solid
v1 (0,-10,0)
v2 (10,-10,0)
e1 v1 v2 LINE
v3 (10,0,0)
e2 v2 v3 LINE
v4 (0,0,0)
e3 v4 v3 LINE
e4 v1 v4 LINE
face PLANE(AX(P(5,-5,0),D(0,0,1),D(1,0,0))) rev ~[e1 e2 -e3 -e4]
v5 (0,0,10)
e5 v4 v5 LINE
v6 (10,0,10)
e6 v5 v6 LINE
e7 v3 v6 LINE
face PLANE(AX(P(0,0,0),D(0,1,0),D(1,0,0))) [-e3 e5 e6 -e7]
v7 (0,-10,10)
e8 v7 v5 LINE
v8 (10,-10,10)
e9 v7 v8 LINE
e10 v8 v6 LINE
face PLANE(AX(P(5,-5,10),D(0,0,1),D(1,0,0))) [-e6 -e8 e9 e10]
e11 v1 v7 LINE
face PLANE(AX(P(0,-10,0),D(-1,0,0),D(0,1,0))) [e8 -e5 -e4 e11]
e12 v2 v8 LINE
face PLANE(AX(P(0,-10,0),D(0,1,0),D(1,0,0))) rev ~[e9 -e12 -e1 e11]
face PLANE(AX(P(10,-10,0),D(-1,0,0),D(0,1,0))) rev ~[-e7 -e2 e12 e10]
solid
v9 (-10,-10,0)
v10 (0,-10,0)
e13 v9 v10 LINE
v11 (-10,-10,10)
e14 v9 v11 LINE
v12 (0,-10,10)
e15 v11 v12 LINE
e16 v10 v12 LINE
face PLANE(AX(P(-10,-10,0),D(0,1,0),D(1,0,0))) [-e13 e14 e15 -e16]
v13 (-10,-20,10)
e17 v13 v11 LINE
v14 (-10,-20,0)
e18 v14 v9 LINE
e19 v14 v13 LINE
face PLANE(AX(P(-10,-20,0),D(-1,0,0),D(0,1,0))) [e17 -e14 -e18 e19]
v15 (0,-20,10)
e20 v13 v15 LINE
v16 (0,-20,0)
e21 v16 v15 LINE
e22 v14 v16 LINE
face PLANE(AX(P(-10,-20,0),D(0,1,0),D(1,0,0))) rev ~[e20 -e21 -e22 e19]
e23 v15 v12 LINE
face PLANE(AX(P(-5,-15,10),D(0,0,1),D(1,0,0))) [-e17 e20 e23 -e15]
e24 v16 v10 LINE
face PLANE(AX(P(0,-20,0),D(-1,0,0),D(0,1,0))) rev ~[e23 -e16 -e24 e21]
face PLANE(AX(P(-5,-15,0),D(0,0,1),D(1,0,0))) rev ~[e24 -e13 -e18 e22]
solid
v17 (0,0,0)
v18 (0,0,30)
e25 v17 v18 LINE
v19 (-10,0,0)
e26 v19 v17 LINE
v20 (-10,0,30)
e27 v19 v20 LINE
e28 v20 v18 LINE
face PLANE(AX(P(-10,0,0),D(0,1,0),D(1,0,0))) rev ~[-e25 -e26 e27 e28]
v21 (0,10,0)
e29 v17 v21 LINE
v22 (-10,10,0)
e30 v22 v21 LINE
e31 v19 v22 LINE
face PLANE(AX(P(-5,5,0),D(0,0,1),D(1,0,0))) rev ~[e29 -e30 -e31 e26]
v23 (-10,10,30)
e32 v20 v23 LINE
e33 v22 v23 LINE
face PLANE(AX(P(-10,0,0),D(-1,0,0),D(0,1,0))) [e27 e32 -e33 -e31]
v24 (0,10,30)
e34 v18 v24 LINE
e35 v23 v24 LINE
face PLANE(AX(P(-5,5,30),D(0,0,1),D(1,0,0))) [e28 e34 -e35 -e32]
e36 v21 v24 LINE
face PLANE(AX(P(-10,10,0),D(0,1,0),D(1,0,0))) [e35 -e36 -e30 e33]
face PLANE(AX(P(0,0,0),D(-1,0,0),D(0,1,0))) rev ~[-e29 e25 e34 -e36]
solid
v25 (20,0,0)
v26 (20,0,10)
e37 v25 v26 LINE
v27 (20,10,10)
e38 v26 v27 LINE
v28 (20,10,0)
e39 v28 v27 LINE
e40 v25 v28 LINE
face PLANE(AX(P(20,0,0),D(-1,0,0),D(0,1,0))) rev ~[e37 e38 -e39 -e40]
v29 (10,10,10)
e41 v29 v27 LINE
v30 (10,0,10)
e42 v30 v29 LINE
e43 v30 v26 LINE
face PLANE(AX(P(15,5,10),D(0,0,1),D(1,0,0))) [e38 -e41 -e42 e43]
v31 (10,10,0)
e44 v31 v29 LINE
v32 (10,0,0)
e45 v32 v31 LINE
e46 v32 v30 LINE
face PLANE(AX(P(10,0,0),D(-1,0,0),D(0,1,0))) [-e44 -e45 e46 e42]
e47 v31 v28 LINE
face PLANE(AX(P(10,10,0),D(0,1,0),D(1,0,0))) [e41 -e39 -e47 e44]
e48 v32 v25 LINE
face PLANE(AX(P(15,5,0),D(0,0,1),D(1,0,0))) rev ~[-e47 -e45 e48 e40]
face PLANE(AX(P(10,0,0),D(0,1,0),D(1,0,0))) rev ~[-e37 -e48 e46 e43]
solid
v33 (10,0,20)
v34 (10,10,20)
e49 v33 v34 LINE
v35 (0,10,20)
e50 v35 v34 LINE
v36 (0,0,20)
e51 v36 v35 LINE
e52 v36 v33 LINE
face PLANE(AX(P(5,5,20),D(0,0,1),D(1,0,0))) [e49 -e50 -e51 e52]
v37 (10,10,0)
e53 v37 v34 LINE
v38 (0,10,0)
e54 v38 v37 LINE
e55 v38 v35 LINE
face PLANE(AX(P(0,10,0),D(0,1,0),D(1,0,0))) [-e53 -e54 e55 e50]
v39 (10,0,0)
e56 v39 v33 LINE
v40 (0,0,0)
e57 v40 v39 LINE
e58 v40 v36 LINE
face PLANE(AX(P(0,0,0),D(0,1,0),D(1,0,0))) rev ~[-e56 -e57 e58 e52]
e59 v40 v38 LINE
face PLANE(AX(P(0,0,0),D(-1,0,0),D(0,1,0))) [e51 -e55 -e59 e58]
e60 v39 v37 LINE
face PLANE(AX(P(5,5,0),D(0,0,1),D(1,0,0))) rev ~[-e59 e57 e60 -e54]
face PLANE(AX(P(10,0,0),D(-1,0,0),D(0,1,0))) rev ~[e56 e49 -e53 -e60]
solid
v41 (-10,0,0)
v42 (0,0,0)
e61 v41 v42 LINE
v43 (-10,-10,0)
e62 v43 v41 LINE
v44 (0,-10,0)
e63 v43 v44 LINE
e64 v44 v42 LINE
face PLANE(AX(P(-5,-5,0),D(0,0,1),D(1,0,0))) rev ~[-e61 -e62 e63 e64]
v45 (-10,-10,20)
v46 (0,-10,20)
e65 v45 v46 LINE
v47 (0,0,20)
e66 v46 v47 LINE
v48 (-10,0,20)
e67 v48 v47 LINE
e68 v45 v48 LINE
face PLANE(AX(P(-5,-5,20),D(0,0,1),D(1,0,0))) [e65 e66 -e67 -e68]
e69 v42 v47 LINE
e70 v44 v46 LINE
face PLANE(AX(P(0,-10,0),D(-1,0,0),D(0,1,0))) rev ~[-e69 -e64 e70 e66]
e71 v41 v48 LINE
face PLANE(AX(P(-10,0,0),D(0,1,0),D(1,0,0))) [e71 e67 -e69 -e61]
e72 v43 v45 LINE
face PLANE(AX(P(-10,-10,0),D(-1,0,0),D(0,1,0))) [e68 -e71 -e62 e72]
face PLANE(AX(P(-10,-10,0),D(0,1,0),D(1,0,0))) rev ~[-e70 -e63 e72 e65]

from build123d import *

# Parameters (mm, degrees)
BOX_W        = 10
BOX_H        = 10
BOX_DEPTH    = 20
BOX001_W     = 10
BOX001_H     = 10
BOX001_DEPTH = 30
BOX002_W     = 10
BOX002_H     = 10
BOX002_DEPTH = 20
BOX003_W     = 10
BOX003_H     = 10
BOX003_DEPTH = 10
BOX004_W     = 10
BOX004_H     = 10
BOX004_DEPTH = 10
BOX005_W     = 10
BOX005_H     = 10
BOX005_DEPTH = 10


with BuildPart() as cube:
    # Box → Box (new body)
    with BuildSketch(Plane.XY):
        with Locations((5, 5)):
            Rectangle(BOX_W, BOX_H)
    extrude(amount=BOX_DEPTH)


with BuildPart() as cube001:
    # Box001 → Box001 (new body)
    with BuildSketch(Plane(origin=(-10, 0, 0), x_dir=(1, 0, 0), z_dir=(0, 0, 1))):
        with Locations((5, 5)):
            Rectangle(BOX001_W, BOX001_H)
    extrude(amount=BOX001_DEPTH)


with BuildPart() as cube002:
    # Box002 → Box002 (new body)
    with BuildSketch(Plane(origin=(-10, -10, 0), x_dir=(1, 0, 0), z_dir=(0, 0, 1))):
        with Locations((5, 5)):
            Rectangle(BOX002_W, BOX002_H)
    extrude(amount=BOX002_DEPTH)


with BuildPart() as cube003:
    # Box003 → Box003 (new body)
    with BuildSketch(Plane(origin=(10, 0, 0), x_dir=(1, 0, 0), z_dir=(0, 0, 1))):
        with Locations((5, 5)):
            Rectangle(BOX003_W, BOX003_H)
    extrude(amount=BOX003_DEPTH)


with BuildPart() as cube004:
    # Box004 → Box004 (new body)
    with BuildSketch(Plane(origin=(-10, -20, 0), x_dir=(1, 0, 0), z_dir=(0, 0, 1))):
        with Locations((5, 5)):
            Rectangle(BOX004_W, BOX004_H)
    extrude(amount=BOX004_DEPTH)


with BuildPart() as cube005:
    # Box005 → Box005 (new body)
    with BuildSketch(Plane(origin=(0, -10, 0), x_dir=(1, 0, 0), z_dir=(0, 0, 1))):
        with Locations((5, 5)):
            Rectangle(BOX005_W, BOX005_H)
    extrude(amount=BOX005_DEPTH)


solid = Compound([cube.part, cube001.part, cube002.part, cube003.part, cube004.part, cube005.part])
